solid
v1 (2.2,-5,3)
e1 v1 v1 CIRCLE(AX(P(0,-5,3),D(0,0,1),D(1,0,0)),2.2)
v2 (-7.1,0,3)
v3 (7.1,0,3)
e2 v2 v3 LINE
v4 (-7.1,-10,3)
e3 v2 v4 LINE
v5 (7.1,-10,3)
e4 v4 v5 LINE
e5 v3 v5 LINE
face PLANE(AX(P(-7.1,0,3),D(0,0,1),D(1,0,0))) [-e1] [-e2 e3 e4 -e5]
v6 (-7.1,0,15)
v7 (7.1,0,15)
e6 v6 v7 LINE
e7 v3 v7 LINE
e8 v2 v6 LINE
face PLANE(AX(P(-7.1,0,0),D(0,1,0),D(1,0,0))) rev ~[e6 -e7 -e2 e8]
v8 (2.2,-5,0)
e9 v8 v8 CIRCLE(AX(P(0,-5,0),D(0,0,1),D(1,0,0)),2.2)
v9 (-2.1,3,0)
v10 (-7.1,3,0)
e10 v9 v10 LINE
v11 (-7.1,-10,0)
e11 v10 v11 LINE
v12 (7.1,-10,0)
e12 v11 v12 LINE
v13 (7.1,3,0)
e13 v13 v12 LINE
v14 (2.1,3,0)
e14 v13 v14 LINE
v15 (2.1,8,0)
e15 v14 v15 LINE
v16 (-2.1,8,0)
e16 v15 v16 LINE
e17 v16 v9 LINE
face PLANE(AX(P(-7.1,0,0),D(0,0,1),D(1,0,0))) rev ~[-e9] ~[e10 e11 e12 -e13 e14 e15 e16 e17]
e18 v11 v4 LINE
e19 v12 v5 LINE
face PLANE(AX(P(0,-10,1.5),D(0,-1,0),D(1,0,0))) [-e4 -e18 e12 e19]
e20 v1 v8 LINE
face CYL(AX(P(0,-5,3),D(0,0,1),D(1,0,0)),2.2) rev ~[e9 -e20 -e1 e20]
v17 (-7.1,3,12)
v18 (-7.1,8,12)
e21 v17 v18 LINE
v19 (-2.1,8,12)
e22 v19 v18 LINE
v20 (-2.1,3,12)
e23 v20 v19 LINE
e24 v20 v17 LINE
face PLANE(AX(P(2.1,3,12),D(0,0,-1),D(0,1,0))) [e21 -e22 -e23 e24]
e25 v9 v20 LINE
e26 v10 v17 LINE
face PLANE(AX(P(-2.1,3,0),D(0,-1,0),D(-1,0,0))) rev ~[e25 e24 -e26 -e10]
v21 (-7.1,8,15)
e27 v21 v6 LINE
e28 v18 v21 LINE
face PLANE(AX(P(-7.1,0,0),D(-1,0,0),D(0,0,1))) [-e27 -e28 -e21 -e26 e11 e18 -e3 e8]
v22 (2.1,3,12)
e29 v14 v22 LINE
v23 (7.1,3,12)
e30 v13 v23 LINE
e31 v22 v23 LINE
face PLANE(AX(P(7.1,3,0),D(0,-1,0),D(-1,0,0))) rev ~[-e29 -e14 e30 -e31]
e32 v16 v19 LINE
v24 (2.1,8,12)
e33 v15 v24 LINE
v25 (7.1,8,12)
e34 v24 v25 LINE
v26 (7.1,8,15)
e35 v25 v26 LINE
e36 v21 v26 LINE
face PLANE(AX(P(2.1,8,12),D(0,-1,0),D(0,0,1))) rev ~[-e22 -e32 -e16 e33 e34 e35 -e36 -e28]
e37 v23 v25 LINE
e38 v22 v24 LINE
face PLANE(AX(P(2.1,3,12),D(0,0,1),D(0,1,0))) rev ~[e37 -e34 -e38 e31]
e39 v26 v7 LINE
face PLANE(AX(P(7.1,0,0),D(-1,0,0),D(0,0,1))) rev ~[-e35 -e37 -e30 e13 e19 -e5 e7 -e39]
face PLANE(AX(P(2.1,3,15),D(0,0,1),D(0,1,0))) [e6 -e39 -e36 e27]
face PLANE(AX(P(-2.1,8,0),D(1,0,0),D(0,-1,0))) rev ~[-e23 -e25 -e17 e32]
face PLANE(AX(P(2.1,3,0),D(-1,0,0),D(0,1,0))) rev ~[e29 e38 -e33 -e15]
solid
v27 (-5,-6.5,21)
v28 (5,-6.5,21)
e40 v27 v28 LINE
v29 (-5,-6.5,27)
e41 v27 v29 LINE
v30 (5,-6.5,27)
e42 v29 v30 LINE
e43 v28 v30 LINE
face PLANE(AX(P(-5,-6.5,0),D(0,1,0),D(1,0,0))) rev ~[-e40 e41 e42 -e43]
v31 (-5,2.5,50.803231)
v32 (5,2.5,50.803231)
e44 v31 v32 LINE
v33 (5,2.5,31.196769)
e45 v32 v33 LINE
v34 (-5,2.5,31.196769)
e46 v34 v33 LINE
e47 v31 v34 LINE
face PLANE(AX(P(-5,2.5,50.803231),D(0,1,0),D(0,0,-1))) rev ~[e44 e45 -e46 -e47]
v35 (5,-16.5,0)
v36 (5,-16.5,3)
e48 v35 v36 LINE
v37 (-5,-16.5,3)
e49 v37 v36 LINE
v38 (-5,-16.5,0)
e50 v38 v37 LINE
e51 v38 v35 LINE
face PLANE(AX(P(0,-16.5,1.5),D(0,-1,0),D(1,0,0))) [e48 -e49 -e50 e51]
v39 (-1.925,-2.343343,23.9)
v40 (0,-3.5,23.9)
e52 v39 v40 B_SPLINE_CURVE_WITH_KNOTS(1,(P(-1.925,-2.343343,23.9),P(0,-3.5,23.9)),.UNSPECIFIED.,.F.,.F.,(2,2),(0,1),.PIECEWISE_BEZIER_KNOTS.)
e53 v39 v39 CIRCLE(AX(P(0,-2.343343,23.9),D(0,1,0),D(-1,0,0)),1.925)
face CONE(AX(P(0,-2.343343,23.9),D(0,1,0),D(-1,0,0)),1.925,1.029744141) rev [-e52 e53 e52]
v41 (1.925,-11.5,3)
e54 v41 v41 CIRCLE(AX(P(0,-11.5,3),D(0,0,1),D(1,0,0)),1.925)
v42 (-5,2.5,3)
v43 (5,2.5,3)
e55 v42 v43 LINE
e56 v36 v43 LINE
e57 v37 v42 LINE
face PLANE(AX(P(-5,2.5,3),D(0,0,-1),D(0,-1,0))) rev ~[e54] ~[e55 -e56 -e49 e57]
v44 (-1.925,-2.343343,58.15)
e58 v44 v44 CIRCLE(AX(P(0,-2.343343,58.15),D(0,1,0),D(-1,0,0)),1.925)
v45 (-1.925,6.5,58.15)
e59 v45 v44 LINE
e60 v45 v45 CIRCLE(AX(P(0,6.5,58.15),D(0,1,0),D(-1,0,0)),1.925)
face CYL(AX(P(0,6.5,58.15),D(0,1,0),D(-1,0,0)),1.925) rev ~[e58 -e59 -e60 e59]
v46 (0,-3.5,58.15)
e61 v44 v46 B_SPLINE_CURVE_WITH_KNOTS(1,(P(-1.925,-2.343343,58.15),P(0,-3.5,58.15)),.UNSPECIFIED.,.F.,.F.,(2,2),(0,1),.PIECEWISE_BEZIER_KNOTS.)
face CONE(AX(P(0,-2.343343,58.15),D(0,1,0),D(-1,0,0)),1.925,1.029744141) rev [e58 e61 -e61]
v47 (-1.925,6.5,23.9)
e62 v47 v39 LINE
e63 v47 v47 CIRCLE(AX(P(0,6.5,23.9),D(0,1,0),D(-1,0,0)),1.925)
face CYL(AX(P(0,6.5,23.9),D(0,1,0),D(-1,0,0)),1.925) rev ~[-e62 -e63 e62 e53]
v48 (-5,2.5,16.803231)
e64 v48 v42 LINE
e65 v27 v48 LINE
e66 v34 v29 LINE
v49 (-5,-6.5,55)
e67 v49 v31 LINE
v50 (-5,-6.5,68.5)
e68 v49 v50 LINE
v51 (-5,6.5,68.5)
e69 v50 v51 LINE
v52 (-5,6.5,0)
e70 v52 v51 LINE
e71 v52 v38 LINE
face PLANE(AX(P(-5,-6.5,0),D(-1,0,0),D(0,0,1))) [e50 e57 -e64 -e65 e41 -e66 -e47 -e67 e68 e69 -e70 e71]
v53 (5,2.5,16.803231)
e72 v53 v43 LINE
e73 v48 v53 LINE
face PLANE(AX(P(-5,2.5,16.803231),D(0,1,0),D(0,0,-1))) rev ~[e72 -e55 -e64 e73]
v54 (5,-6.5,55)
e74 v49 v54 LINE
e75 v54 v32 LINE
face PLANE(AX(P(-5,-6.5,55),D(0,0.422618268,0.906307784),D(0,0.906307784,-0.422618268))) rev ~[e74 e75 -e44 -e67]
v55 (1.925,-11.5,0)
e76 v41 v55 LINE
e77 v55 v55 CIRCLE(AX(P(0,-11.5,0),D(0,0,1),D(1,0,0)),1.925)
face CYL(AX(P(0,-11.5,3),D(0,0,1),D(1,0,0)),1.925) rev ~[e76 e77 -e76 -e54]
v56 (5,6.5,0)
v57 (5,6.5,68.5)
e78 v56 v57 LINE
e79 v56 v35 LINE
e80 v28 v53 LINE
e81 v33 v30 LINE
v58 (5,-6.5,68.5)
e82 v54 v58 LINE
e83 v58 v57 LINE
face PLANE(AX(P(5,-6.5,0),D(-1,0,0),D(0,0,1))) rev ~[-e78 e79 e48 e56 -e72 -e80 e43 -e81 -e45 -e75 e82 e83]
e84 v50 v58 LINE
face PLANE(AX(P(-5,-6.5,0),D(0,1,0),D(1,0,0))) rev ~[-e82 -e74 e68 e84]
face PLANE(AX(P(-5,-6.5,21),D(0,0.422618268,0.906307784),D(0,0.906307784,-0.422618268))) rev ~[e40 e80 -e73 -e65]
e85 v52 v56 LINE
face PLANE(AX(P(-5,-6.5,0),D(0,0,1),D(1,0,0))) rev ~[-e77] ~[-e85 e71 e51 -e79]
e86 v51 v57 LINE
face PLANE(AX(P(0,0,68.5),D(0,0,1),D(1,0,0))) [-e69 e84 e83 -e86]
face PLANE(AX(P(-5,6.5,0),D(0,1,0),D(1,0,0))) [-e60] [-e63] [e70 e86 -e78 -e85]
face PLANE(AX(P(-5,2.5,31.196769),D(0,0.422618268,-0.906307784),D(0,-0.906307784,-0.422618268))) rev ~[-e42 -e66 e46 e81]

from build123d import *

# Parameters (mm, degrees)
SKETCH_W          = 10
SKETCH_H          = 13
PAD_DEPTH         = 68.5
SKETCH001_W       = 10
SKETCH001_H       = 3
PAD001_DEPTH      = 10
SKETCH002_R       = 1.925
HOLE_DEPTH        = 8.843343
HOLE_TIPS_R       = 1.925
POCKET_DEPTH      = 10.001
SKETCH004_R       = 1.925
HOLE001_DEPTH     = 25
PAD002_DEPTH      = 15
SKETCH006_W       = 5
SKETCH006_H       = 3
PAD003_DEPTH      = 5
PAD003_DEPTH_BACK = 9.2
SKETCH007_W       = 14.2
SKETCH007_H       = 3
PAD004_DEPTH      = 10
SKETCH008_R       = 2.2
HOLE002_DEPTH     = 25


with BuildPart() as body1:
    # Sketch → Pad (new body)
    with BuildSketch(Plane.XY):
        Rectangle(SKETCH_W, SKETCH_H)
    extrude(amount=PAD_DEPTH)

    # Sketch001 (on Face3 of Pad) → Pad001 (join)
    with BuildSketch(Plane.XZ.offset(6.5)):
        with Locations((0, 1.5)):
            Rectangle(SKETCH001_W, SKETCH001_H)
    extrude(amount=PAD001_DEPTH)

    # Sketch002 (on Face1 of Pad001) → Hole (cut)
    with BuildSketch(Plane(origin=(0, 6.5, 0), x_dir=(-1, 0, 0), z_dir=(0, 1, 0))):
        with Locations((0, 58.15)):
            Circle(SKETCH002_R)
        with Locations((0, 23.9)):
            Circle(SKETCH002_R)
    extrude(amount=-HOLE_DEPTH, mode=Mode.SUBTRACT)

    # Hole tips → Hole tip 1 section 0
    with BuildSketch(Plane(origin=(0, -2.343343, 0), x_dir=(-1, 0, 0), z_dir=(0, 1, 0)), mode=Mode.PRIVATE) as hole_tip_1_s0:
        with Locations((0, 58.15)):
            Circle(HOLE_TIPS_R)
    loft([hole_tip_1_s0.sketch, Vertex(0, -3.5, 58.15)], mode=Mode.SUBTRACT)

    # Hole tips → Hole tip 2 section 0
    with BuildSketch(Plane(origin=(0, -2.343343, 0), x_dir=(-1, 0, 0), z_dir=(0, 1, 0)), mode=Mode.PRIVATE) as hole_tip_2_s0:
        with Locations((0, 23.9)):
            Circle(HOLE_TIPS_R)
    loft([hole_tip_2_s0.sketch, Vertex(0, -3.5, 23.9)], mode=Mode.SUBTRACT)

    # Sketch003 (on Face2 of Hole) → Pocket (cut, through all)
    with BuildSketch(Plane(origin=(-5, 0, 0), x_dir=(0, -1, 0), z_dir=(-1, 0, 0))):
        Polygon((6.5, 55), (-2.5, 50.803231), (-2.5, 31.196769), (6.5, 27), align=None)
        Polygon((6.5, 21), (-2.5, 16.803231), (-2.5, 3), (6.5, 3), align=None)
    extrude(amount=-POCKET_DEPTH, mode=Mode.SUBTRACT)

    # Sketch004 (on Face21 of Pocket) → Hole001 (cut)
    with BuildSketch(Plane.XY.offset(3)):
        with Locations((0, -11.5)):
            Circle(SKETCH004_R)
    extrude(amount=-HOLE001_DEPTH, mode=Mode.SUBTRACT)


with BuildPart() as body2:
    # Sketch005 → Pad002 (new body)
    with BuildSketch(Plane.XY):
        Polygon((-2.1, 8), (-2.1, 3), (-7.1, 3), (-7.1, 0), (7.1, 0), (7.1, 3), (2.1, 3), (2.1, 8), align=None)
    extrude(amount=PAD002_DEPTH)

    # Sketch006 (on Face7 of Pad002) → Pad003 (join, two sides)
    with BuildSketch(Plane.YZ.offset(2.1)) as pad003_sk:
        with Locations((5.5, 13.5)):
            Rectangle(SKETCH006_W, SKETCH006_H)
    extrude(amount=PAD003_DEPTH)
    extrude(pad003_sk.sketch, amount=-PAD003_DEPTH_BACK)

    # Sketch007 (on Face7 of Pad003) → Pad004 (join)
    with BuildSketch(Plane.XZ):
        with Locations((0, 1.5)):
            Rectangle(SKETCH007_W, SKETCH007_H)
    extrude(amount=PAD004_DEPTH)

    # Sketch008 (on Face24 of Pad004) → Hole002 (cut)
    with BuildSketch(Plane.XY.offset(3)):
        with Locations((0, -5)):
            Circle(SKETCH008_R)
    extrude(amount=-HOLE002_DEPTH, mode=Mode.SUBTRACT)


solid = Compound([body1.part, body2.part])
